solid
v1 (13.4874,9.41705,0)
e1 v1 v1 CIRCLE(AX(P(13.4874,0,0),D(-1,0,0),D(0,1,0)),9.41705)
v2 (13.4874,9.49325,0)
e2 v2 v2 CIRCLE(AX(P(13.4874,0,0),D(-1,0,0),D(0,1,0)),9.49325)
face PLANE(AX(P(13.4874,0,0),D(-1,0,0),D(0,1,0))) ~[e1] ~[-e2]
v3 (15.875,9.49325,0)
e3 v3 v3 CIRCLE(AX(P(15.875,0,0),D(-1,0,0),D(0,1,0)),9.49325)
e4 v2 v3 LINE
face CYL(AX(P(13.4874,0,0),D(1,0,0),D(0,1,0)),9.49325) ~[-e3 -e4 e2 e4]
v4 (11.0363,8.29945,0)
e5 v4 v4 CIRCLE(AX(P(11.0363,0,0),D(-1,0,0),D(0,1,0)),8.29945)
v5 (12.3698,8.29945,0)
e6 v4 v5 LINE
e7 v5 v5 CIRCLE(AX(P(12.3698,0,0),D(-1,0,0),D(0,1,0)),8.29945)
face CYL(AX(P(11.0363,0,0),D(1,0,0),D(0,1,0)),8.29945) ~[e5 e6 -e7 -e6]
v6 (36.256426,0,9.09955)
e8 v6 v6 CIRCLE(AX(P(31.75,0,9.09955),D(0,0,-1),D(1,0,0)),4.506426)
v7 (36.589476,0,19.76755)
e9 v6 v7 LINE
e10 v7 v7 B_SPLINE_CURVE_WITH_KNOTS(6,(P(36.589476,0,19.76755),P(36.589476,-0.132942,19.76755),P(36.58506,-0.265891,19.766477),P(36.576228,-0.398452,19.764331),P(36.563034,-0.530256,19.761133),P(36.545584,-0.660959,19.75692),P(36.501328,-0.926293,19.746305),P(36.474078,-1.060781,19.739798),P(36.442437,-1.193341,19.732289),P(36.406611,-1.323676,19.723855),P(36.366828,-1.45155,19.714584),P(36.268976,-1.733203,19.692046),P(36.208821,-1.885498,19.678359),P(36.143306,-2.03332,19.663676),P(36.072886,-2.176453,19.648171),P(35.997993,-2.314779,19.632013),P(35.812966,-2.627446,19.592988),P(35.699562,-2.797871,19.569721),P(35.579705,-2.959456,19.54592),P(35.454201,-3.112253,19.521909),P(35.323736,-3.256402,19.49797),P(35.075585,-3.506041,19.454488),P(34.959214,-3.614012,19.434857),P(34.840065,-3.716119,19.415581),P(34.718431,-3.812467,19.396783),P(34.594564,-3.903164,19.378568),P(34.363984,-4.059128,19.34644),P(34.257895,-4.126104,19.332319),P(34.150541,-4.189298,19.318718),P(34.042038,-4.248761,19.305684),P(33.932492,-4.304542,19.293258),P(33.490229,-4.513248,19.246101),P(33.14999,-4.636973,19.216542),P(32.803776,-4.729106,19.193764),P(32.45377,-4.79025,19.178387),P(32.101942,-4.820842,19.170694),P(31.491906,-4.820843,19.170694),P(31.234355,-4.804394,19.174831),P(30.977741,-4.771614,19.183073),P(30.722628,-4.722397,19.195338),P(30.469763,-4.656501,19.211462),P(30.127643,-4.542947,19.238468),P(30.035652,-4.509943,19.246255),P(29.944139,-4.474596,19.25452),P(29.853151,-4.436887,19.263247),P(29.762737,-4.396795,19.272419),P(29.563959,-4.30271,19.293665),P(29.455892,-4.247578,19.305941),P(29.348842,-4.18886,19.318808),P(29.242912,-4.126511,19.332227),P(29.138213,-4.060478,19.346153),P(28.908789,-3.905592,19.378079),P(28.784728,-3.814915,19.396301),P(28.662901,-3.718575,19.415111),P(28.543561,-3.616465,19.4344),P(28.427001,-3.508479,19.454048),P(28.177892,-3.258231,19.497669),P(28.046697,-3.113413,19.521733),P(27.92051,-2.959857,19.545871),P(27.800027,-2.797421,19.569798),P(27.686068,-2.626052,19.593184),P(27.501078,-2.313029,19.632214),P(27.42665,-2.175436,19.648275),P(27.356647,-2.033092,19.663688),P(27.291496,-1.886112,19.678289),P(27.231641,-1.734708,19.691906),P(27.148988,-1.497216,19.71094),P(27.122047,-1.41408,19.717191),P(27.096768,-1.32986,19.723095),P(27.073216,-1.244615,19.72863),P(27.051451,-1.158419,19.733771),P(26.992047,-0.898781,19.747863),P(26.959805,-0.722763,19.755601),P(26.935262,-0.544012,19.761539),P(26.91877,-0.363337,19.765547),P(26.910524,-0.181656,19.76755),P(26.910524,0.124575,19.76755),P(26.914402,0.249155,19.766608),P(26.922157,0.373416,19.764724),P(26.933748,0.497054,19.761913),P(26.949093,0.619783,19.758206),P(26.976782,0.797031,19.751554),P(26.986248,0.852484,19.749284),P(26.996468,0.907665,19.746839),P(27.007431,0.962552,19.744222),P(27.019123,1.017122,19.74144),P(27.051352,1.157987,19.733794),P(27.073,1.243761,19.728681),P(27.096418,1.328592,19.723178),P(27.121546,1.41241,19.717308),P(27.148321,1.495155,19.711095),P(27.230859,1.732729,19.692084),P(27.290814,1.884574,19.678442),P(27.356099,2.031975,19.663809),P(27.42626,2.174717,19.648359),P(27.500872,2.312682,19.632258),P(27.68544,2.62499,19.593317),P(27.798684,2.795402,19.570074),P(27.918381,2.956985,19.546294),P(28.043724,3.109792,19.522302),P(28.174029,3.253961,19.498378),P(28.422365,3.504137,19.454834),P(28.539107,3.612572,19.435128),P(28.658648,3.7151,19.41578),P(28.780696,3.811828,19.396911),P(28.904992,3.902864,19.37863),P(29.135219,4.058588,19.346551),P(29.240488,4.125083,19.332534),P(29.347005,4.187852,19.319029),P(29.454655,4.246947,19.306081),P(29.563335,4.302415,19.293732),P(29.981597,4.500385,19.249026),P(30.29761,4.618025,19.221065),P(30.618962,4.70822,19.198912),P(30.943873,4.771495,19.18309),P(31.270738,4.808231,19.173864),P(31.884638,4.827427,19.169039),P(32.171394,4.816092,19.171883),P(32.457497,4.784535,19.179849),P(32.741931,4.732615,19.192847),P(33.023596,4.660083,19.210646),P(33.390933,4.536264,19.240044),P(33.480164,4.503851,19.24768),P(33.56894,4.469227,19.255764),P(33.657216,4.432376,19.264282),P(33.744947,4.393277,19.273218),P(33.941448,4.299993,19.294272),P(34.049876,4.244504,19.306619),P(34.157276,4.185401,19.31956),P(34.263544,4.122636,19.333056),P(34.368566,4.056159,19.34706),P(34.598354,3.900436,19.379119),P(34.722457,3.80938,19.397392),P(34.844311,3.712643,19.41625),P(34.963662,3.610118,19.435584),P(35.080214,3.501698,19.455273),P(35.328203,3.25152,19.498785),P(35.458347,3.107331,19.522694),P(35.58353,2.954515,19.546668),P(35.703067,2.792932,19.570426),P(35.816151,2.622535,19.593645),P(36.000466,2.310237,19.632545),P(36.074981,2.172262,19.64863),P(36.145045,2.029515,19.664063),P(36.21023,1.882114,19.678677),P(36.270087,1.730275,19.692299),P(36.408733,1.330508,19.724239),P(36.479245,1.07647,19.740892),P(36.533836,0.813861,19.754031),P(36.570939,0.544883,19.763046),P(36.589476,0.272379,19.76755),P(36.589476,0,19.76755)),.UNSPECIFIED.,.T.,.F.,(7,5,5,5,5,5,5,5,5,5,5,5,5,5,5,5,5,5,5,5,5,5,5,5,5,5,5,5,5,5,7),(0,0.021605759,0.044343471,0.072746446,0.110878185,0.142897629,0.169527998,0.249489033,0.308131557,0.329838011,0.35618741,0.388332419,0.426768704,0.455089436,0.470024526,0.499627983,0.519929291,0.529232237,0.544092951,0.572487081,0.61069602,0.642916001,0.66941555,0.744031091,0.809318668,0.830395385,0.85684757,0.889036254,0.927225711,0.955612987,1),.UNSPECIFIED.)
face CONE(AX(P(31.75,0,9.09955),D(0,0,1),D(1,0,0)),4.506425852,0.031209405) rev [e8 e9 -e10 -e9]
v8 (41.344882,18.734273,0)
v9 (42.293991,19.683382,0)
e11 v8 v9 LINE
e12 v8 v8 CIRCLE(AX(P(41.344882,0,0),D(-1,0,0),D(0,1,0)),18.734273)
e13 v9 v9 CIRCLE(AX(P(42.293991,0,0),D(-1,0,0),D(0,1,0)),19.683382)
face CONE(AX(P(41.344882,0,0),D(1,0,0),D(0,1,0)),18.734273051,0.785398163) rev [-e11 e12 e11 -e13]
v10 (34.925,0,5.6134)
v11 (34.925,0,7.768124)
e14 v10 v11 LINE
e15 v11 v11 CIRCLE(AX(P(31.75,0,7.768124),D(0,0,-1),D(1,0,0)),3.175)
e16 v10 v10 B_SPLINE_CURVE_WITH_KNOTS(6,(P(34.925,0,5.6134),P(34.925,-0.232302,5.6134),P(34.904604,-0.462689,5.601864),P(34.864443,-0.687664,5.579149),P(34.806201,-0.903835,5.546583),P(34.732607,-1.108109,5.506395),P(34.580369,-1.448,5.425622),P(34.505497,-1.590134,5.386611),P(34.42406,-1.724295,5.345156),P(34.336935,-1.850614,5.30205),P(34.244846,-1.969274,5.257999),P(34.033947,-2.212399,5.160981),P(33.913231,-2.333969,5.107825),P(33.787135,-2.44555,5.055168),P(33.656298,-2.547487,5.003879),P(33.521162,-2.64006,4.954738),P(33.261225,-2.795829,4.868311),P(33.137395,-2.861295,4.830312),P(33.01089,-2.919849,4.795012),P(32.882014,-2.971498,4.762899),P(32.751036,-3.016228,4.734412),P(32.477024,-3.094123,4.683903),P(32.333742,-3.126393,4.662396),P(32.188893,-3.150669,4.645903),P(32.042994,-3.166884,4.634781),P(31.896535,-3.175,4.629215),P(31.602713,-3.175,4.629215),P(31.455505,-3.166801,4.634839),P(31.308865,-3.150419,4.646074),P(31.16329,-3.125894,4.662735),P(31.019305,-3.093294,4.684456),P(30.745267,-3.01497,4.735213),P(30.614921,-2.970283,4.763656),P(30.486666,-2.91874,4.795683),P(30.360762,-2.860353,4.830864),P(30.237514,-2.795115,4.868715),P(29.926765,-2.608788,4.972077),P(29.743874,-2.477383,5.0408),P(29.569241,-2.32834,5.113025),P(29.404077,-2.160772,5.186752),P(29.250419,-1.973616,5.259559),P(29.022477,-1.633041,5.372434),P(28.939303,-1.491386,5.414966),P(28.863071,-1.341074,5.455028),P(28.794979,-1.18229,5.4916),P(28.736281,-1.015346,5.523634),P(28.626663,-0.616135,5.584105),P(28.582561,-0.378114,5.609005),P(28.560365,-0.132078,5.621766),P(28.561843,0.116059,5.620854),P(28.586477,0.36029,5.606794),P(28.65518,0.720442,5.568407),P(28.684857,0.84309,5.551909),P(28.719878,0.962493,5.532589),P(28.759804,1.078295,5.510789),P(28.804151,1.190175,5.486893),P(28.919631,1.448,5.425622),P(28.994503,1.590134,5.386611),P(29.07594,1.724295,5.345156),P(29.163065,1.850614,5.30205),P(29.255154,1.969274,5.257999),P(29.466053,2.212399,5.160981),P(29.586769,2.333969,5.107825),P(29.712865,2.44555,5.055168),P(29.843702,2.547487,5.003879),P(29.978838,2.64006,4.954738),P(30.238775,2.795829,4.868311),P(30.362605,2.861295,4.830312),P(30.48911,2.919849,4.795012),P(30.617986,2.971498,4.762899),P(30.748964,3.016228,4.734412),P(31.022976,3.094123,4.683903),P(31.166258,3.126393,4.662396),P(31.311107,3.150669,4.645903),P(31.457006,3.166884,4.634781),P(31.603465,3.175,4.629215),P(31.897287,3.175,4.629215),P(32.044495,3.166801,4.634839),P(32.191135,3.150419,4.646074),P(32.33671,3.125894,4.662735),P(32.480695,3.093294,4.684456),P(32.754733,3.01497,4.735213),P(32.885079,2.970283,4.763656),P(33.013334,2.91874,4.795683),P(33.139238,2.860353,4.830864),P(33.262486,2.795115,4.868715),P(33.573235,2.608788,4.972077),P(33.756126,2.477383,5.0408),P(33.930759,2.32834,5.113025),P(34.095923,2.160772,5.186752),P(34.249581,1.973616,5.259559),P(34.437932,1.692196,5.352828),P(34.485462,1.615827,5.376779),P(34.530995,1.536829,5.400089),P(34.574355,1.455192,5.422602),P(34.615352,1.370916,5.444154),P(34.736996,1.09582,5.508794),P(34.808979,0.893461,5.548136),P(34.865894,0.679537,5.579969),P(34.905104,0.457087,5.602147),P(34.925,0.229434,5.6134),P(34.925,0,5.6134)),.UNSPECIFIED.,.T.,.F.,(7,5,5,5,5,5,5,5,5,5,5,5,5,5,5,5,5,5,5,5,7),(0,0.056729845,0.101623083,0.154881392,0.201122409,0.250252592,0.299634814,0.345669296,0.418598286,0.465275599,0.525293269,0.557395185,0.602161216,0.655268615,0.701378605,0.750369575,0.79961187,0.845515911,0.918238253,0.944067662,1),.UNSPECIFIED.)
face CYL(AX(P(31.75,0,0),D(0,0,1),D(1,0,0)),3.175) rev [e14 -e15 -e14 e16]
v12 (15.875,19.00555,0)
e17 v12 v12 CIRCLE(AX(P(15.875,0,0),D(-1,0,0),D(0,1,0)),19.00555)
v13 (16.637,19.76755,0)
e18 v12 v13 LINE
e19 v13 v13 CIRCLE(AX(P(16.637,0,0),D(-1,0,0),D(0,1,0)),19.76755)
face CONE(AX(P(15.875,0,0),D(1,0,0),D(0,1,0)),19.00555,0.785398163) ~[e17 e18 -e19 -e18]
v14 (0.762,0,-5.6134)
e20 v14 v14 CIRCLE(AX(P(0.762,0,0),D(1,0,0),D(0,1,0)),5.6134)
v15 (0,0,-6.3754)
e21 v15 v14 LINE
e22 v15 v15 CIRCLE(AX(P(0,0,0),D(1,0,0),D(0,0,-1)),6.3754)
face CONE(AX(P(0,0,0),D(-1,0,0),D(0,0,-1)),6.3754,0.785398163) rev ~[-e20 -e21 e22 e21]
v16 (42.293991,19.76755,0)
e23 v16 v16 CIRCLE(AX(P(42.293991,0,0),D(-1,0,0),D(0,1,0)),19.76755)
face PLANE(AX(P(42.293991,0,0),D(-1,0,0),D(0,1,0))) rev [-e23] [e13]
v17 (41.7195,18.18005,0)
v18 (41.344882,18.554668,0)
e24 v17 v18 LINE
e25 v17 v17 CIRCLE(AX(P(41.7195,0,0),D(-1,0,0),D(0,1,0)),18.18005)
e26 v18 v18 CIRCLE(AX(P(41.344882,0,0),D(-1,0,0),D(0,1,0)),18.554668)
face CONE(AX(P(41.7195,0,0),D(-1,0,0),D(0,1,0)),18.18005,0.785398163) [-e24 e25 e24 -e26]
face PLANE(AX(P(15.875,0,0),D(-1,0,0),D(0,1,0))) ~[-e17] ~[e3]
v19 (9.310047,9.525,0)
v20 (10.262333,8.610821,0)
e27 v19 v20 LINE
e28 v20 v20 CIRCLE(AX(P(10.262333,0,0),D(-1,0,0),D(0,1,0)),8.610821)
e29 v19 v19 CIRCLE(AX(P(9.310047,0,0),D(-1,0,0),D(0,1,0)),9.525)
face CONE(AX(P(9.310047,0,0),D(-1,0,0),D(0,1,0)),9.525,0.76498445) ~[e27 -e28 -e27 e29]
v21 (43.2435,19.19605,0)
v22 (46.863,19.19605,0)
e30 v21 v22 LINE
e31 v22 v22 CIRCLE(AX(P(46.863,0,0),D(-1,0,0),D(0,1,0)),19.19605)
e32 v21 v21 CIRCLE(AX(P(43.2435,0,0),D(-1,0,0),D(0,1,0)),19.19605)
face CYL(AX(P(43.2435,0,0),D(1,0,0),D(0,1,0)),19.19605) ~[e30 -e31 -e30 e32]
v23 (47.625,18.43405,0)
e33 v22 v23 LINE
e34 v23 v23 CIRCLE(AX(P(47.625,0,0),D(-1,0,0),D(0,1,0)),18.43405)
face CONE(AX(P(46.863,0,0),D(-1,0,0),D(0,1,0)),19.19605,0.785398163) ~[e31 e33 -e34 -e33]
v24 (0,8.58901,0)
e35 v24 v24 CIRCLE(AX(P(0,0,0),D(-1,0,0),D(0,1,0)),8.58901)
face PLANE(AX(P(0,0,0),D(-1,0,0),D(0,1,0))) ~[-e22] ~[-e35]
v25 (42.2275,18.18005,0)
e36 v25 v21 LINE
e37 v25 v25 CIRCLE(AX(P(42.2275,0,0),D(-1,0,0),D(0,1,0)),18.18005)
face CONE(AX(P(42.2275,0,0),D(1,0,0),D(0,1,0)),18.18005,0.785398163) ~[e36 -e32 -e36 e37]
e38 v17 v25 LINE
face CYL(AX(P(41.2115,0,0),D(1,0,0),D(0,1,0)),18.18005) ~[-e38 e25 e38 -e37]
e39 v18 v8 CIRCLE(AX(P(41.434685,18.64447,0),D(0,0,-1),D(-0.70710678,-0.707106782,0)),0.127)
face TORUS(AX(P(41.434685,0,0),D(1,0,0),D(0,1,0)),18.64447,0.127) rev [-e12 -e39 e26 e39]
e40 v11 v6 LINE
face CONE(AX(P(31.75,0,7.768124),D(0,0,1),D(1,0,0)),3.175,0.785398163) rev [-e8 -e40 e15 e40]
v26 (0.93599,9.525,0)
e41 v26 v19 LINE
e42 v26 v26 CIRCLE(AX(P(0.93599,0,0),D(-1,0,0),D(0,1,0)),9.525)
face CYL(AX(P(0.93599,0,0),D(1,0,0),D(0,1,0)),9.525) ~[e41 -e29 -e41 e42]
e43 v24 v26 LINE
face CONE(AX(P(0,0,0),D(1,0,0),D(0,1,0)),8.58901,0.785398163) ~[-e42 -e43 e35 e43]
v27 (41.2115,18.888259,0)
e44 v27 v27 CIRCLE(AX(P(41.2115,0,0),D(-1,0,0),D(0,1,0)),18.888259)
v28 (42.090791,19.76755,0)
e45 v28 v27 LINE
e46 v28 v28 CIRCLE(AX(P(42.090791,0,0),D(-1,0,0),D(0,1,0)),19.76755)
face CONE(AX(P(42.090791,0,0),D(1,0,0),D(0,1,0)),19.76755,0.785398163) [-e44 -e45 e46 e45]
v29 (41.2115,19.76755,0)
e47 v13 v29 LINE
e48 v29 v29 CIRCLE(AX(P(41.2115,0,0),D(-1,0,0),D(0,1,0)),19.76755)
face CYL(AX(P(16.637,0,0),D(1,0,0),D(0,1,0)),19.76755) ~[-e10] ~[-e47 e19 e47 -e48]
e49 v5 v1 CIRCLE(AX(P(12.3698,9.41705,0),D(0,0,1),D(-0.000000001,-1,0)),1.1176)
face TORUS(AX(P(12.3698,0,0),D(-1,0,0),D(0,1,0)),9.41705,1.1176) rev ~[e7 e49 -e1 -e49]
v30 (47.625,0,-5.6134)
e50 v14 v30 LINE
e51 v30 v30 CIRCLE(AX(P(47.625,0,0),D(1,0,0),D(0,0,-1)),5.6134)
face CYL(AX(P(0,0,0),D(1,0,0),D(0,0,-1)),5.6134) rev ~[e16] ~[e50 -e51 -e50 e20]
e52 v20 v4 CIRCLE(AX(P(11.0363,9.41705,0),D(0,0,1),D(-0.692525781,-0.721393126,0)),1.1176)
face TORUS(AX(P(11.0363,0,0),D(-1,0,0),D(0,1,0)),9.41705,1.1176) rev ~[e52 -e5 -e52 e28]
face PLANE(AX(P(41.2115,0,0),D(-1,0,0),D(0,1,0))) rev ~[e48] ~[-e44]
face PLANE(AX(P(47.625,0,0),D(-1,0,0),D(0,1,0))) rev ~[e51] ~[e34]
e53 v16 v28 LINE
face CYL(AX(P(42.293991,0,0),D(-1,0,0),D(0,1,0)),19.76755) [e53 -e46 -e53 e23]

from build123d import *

# Parameters (mm, degrees)
HOLE1_D           = 11.2268
HOLE1_DEPTH       = 47.625
HOLE1_CSINK_D     = 12.7508
HOLE1_CSINK_ANGLE = 90


with BuildPart() as part:
    # Sketch1 → Revolve1 (revolve)
    with BuildSketch(Plane.XY):
        with BuildLine():
            Line((0, 0), (0, 8.58901))
            Line((0, 8.58901), (0.93599, 9.525))
            Line((0.93599, 9.525), (9.310047461, 9.525))
            Line((9.310047461, 9.525), (10.262333187, 8.610821042))
            ThreePointArc((10.262333187, 8.610821042), (10.619173954, 8.380210754), (11.0363, 8.29945))
            Line((11.0363, 8.29945), (12.3698, 8.29945))
            ThreePointArc((12.3698, 8.29945), (13.160062539, 8.626787461), (13.4874, 9.41705))
            Line((13.4874, 9.41705), (13.4874, 9.49325))
            Line((13.4874, 9.49325), (15.875, 9.49325))
            Line((15.875, 9.49325), (15.875, 0))
            Line((15.875, 0), (0, 0))
        make_face()
    revolve(axis=Axis((15.875, 0, 0), (-1, 0, 0)))

    # Sketch2 → Revolve2 (revolve)
    with BuildSketch(Plane.XY):
        Polygon((15.875, 0), (15.875, 19.00555), (16.637, 19.76755), (41.2115, 19.76755), (41.2115, 18.18005), (42.2275, 18.18005), (43.2435, 19.19605), (46.863, 19.19605), (47.625, 18.43405), (47.625, 0), align=None)
    revolve(axis=Axis((47.625, 0, 0), (-1, 0, 0)))

    # Hole1
    with Locations(Plane.ZY):
        with Locations((0, 0)):
            CounterSinkHole(HOLE1_D / 2, HOLE1_CSINK_D / 2, depth=HOLE1_DEPTH, counter_sink_angle=HOLE1_CSINK_ANGLE)

    # Sketch5 → Cut-Revolve1 (revolve, cut)
    with BuildSketch(Plane(origin=(0, 0, 0), x_dir=(1, 0, 0), z_dir=(0, 1, 0))):
        Polygon((31.75, 0), (34.925, 0), (34.925, -7.768124148), (36.256425852, -9.09955), (36.589475925, -19.76755), (31.75, -19.76755), align=None)
    revolve(axis=Axis((31.75, 0, 19.76755), (0, 0, -1)), mode=Mode.SUBTRACT)

    # Sketch6 → Revolve3 (revolve)
    with BuildSketch(Plane.XY):
        with BuildLine():
            Line((41.2115, 17.92605), (42.2275, 17.92605))
            Line((42.2275, 17.92605), (42.2275, 18.18005))
            Line((42.2275, 18.18005), (41.7195, 18.18005))
            Line((41.7195, 18.18005), (41.344882072, 18.554667928))
            ThreePointArc((41.344882072, 18.554667928), (41.307684633, 18.64447049), (41.344882072, 18.734273051))
            Line((41.344882072, 18.734273051), (42.293990825, 19.683381804))
            Line((42.293990825, 19.683381804), (42.293990825, 19.76755))
            Line((42.293990825, 19.76755), (42.090790825, 19.76755))
            Line((42.090790825, 19.76755), (41.2115, 18.888259175))
            Line((41.2115, 18.888259175), (41.2115, 17.92605))
        make_face()
    revolve(axis=Axis((42.2275, 0, 0), (-1, 0, 0)))


solid = part.part
